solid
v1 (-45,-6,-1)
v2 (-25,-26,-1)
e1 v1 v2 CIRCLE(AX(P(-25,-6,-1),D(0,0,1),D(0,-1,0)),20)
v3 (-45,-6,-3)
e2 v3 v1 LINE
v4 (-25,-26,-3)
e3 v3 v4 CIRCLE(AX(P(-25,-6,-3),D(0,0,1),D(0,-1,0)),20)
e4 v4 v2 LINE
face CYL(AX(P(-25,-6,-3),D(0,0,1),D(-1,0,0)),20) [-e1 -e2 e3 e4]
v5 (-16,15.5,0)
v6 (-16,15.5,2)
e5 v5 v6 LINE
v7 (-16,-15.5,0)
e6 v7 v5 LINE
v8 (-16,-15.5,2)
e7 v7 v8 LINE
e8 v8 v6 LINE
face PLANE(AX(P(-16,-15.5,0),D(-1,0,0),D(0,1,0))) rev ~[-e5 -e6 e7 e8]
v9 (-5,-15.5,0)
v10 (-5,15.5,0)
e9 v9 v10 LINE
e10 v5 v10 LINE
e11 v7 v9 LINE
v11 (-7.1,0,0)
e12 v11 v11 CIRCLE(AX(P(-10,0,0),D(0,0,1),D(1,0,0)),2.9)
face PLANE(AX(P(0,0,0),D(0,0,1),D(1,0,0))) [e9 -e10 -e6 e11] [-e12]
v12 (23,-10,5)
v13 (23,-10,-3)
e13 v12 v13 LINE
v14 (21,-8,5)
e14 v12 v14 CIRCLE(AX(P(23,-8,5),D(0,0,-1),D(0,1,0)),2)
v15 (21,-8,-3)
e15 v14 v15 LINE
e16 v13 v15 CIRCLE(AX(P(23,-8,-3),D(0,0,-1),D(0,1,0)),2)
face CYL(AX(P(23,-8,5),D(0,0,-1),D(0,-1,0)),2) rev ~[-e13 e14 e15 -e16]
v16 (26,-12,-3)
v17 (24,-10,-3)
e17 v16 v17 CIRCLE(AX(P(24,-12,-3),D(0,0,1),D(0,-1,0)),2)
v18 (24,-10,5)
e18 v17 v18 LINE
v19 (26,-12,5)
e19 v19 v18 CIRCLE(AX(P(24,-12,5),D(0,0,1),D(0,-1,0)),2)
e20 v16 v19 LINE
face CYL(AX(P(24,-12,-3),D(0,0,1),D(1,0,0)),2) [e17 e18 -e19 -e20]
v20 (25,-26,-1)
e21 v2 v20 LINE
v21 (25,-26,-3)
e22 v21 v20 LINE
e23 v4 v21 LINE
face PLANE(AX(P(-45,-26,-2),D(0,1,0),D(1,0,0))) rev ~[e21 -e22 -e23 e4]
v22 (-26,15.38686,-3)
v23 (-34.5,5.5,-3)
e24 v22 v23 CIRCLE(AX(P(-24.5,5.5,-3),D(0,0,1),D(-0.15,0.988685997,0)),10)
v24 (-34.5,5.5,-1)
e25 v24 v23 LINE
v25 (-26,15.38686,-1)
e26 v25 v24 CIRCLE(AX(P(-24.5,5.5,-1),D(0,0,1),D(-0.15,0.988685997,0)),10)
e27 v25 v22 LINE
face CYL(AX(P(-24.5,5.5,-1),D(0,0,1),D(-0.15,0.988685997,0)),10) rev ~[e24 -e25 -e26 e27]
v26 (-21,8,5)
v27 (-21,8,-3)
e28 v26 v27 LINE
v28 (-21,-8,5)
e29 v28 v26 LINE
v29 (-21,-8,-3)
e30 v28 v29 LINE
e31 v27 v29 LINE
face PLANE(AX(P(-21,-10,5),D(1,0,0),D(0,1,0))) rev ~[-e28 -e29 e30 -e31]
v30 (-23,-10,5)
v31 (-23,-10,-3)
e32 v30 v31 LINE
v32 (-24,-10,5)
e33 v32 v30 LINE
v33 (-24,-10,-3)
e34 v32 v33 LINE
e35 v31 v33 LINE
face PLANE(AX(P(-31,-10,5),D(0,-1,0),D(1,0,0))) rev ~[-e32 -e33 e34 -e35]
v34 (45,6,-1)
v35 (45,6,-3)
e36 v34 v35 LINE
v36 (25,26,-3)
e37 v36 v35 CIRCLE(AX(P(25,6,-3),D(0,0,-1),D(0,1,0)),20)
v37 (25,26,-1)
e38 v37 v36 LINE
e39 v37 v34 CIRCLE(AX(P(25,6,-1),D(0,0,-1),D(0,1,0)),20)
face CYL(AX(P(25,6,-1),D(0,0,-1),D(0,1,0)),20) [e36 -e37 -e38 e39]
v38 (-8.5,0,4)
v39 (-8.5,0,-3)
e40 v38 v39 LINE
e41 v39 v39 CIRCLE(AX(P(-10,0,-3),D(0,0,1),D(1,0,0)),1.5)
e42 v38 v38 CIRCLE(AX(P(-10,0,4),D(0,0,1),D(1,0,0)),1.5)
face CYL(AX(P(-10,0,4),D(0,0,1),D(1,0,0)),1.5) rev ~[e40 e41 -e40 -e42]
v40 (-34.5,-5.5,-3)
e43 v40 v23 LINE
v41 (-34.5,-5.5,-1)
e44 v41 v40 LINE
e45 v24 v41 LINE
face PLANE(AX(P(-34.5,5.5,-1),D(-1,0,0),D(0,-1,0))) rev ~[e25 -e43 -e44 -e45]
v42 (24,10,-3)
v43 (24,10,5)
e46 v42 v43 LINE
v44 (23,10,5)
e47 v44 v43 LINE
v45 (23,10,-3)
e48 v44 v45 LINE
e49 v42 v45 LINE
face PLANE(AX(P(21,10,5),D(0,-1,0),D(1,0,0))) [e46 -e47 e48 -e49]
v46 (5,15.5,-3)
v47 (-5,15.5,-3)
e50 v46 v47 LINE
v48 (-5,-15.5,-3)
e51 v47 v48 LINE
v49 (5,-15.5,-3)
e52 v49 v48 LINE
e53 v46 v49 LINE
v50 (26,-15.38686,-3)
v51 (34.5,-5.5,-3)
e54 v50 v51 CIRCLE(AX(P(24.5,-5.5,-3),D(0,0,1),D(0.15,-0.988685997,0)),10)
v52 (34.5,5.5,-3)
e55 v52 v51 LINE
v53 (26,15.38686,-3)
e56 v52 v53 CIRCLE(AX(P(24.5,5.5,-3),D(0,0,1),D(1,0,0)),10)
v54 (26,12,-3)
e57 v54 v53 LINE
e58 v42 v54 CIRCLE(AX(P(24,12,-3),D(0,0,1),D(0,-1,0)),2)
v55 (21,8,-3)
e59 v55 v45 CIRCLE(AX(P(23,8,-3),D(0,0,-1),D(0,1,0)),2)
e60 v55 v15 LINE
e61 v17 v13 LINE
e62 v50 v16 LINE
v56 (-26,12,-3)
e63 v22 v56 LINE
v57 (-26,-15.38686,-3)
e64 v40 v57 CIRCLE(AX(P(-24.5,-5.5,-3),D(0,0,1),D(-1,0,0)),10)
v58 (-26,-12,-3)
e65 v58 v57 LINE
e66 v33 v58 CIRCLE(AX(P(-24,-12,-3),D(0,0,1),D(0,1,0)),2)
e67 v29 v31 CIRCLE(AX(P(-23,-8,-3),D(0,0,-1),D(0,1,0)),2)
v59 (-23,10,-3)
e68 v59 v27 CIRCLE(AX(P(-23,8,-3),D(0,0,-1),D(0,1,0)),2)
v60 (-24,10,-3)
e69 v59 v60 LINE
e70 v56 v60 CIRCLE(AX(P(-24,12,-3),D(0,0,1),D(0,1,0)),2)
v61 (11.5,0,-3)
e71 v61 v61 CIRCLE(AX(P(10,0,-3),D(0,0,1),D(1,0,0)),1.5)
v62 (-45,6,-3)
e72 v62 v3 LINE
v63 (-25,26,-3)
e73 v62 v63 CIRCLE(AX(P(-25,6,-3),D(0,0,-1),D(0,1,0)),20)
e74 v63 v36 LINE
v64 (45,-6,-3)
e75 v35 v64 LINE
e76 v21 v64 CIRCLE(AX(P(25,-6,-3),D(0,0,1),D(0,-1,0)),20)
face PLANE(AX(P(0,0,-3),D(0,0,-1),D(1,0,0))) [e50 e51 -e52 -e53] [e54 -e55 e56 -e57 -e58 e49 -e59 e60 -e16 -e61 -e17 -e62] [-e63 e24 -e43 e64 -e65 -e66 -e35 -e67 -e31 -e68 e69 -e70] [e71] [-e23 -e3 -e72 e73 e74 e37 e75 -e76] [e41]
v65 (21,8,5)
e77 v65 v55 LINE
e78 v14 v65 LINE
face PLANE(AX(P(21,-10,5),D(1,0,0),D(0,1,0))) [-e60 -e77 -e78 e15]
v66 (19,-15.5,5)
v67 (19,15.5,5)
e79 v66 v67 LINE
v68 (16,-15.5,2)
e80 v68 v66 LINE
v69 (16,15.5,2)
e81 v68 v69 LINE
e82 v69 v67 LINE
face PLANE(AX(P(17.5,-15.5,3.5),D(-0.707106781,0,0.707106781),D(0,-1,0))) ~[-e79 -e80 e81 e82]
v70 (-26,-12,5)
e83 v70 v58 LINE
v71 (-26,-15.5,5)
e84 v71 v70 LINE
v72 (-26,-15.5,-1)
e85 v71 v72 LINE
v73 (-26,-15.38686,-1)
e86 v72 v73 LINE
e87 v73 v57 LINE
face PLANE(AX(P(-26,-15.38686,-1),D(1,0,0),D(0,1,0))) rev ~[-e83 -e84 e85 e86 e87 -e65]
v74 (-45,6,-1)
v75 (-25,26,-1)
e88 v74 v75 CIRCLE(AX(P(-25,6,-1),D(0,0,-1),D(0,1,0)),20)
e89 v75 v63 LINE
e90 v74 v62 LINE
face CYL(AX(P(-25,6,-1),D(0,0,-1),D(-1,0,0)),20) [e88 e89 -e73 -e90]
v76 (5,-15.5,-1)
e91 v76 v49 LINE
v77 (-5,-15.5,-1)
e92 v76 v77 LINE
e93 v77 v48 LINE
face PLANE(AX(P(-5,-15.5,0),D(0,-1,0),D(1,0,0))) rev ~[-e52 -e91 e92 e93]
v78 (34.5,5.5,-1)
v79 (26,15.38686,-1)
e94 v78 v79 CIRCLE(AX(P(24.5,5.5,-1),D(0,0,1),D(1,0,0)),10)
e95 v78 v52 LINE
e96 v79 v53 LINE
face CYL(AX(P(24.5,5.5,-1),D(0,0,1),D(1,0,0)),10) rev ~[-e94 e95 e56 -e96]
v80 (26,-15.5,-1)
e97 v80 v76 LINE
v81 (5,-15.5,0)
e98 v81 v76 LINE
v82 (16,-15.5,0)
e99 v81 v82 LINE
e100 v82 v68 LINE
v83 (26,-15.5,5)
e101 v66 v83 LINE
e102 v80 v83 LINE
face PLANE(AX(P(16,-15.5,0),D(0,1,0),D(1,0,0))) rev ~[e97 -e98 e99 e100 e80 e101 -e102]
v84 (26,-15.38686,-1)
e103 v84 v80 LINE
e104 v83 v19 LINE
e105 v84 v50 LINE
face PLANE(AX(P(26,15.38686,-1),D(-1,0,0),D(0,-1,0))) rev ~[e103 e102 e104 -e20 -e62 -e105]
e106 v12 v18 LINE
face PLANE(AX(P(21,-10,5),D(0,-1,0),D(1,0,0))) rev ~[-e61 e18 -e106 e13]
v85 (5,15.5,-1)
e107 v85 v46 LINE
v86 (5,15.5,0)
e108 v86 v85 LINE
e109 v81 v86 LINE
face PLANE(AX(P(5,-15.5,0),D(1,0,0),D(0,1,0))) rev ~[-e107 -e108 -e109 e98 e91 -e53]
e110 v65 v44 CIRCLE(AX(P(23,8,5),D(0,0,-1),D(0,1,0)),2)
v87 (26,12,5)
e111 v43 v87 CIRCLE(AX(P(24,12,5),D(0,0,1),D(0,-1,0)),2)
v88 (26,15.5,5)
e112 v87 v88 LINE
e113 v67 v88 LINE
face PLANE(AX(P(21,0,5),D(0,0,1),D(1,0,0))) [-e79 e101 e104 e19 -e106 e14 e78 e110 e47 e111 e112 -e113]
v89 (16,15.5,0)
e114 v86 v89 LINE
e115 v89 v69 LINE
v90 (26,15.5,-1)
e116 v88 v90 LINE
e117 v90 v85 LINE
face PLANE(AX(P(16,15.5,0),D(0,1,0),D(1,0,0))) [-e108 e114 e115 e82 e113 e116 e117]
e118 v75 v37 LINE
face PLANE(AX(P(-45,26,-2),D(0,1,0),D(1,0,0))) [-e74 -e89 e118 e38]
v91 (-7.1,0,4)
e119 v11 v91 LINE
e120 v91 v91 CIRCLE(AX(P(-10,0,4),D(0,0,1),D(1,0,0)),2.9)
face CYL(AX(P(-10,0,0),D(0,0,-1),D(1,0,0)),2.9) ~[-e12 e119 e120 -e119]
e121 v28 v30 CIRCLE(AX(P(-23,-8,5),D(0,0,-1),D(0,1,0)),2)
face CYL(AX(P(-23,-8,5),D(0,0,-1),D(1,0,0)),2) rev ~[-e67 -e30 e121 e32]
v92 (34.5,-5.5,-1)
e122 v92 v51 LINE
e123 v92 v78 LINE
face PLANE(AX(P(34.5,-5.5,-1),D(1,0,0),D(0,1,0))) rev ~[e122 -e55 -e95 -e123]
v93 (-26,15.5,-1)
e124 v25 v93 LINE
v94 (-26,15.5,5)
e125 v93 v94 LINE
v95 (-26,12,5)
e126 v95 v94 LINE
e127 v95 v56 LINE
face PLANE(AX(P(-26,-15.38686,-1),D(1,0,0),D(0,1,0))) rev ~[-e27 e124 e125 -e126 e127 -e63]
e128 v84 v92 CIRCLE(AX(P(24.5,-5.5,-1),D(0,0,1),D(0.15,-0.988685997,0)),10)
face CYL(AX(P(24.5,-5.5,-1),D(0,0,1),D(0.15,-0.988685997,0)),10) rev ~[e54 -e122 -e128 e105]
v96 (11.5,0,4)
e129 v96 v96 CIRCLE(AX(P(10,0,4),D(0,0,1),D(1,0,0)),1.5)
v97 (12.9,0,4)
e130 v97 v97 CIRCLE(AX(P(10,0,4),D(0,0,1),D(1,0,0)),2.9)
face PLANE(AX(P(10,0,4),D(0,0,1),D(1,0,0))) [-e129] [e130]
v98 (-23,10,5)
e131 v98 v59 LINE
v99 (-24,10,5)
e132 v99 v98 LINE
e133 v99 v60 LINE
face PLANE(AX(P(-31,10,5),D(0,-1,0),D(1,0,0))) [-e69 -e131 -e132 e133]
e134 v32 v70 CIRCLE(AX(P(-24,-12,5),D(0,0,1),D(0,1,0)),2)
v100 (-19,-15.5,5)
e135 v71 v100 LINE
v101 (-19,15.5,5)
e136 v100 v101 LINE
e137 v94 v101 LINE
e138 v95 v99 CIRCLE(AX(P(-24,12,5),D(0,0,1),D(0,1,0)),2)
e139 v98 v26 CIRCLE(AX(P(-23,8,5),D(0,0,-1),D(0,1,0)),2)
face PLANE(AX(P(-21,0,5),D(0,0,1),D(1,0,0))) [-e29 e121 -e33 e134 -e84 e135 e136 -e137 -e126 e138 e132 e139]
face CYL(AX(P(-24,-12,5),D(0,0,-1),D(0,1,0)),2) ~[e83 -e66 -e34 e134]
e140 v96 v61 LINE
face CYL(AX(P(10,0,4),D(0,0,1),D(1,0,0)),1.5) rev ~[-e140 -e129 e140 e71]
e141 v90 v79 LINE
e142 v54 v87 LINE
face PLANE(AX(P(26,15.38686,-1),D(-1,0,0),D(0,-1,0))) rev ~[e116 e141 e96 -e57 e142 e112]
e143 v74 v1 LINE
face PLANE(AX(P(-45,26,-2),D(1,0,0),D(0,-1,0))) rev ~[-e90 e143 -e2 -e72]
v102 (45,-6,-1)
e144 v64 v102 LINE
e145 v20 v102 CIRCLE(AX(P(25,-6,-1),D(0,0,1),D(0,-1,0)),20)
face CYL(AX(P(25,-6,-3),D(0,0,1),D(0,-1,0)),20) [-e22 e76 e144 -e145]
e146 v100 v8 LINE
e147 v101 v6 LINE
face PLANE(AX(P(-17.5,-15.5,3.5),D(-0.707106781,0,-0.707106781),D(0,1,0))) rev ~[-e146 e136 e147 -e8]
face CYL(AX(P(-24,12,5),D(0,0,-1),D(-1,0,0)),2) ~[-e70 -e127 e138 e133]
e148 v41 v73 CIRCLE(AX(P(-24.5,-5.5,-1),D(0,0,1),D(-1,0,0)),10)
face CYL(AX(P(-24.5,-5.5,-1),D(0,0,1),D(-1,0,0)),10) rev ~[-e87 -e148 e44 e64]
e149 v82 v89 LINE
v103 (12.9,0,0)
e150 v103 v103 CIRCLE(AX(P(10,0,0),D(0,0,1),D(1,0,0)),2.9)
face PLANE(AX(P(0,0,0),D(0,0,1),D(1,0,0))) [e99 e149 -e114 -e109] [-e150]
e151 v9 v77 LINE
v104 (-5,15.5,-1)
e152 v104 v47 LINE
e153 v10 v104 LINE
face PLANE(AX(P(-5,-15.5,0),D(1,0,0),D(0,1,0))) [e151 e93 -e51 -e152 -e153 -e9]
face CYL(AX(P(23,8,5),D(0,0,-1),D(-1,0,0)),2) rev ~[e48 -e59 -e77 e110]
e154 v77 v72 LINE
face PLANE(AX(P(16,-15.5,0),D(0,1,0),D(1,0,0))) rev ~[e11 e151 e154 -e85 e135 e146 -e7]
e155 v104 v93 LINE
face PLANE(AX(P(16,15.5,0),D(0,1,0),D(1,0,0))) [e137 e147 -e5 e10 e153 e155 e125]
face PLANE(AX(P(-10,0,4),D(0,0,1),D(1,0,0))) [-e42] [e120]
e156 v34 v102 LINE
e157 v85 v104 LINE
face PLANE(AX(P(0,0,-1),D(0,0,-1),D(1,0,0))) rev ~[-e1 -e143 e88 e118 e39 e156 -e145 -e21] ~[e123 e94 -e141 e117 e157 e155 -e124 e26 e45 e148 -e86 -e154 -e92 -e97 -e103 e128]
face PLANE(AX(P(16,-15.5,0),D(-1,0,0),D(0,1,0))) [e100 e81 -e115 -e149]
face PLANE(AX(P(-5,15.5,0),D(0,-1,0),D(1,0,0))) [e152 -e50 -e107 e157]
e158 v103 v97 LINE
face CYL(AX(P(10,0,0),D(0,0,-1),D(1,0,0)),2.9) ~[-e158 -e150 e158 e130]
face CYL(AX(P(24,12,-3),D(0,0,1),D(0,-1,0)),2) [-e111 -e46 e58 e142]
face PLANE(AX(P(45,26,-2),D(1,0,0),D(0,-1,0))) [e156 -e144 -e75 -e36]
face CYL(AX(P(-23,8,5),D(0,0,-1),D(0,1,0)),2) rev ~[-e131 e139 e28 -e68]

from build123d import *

# Parameters (mm, degrees)
F0_W          = 52
F0_H          = 31
F1_DEPTH      = 3
F2_W          = 10
F2_H          = 31
F3_DEPTH      = 5
F4_SIZE       = 3
F5_R          = 2.9
F6_DEPTH      = 4
F7_W          = 90
F7_H          = 52
F8_DEPTH      = 2
F8_DEPTH_BACK = 1
F9_DEPTH      = 1
F10_DEPTH     = 2
F11_R         = 20
F12_R         = 1.5
F13_DEPTH     = 25
F14_R         = 1.5
F15_DEPTH     = 25
F17_DEPTH     = 25
F18_W         = 10
F18_H         = 31
F19_DEPTH     = 25
F20_W         = 10
F20_H         = 20
F21_DEPTH     = 25
F22_W         = 10
F22_H         = 20
F23_DEPTH     = 25
F24_R         = 2


with BuildPart() as f1:
    # F0 (on Top) → F1 (new body)
    with BuildSketch(Plane.XY):
        Rectangle(F0_W, F0_H)
    extrude(amount=-F1_DEPTH)

    # F2 (on face) → F3 (join)
    with BuildSketch(Plane.XY):
        with Locations((21, 0)):
            Rectangle(F2_W, F2_H)
        with Locations((-21, 0)):
            Rectangle(F2_W, F2_H)
    extrude(amount=F3_DEPTH)

    # F4
    f4_edges = [f1.edges().sort_by_distance(p)[0] for p in [
        (-16, 0, 5),
        (16, 0, 5),
    ]]
    chamfer(f4_edges, length=F4_SIZE)

    # F5 (on face) → F6 (join)
    with BuildSketch(Plane.XY):
        with Locations((-10, 0)):
            Circle(F5_R)
        with Locations((10, 0)):
            Circle(F5_R)
    extrude(amount=F6_DEPTH)

    # F7 (on face) → F8 (join, two sides)
    with BuildSketch(Plane(origin=(0, 0, -3), x_dir=(1, 0, 0), z_dir=(0, 0, -1))) as f8_sk:
        Rectangle(F7_W, F7_H)
    extrude(amount=F8_DEPTH)
    extrude(f8_sk.sketch, amount=-F8_DEPTH_BACK)

    # F9 (add): a face of the model
    f9_faces = [f1.faces().sort_by_distance(p)[0] for p in [
        (43.9605770832, 0, -2),
    ]]
    extrude(f9_faces, amount=F9_DEPTH)

    # F10 (cut): a face of the model
    f10_faces = [f1.faces().sort_by_distance(p)[0] for p in [
        (0, 0, -5),
    ]]
    extrude(f10_faces, amount=-F10_DEPTH, mode=Mode.SUBTRACT)

    # F11
    f11_edges = [f1.edges().sort_by_distance(p)[0] for p in [
        (45, 26, -2),
        (-45, 26, -2),
        (-45, -26, -2),
        (45, -26, -2),
    ]]
    fillet(f11_edges, radius=F11_R)

    # F12 (on face) → F13 (cut)
    with BuildSketch(Plane.XY.offset(4)):
        with Locations((-10, 0)):
            Circle(F12_R)
    extrude(amount=-F13_DEPTH, mode=Mode.SUBTRACT)

    # F14 (on face) → F15 (cut)
    with BuildSketch(Plane.XY.offset(4)):
        with Locations((10, 0)):
            Circle(F14_R)
    extrude(amount=-F15_DEPTH, mode=Mode.SUBTRACT)

    # F16 (on face) → F17 (cut)
    with BuildSketch(Plane.XY.offset(-1)):
        with BuildLine():
            Line((26, 15.3868599666), (26, -15.3868599666))
            ThreePointArc((26, -15.3868599666), (32.0828754441, -12.0192024052), (34.5, -5.5))
            Line((34.5, -5.5), (34.5, 5.5))
            ThreePointArc((34.5, 5.5), (32.0828754441, 12.0192024052), (26, 15.3868599666))
        make_face()
        with BuildLine():
            ThreePointArc((-34.5, -5.5), (-32.0828754441, -12.0192024052), (-26, -15.3868599666))
            Line((-26, -15.3868599666), (-26, 15.3868599666))
            ThreePointArc((-26, 15.3868599666), (-32.0828754441, 12.0192024052), (-34.5, 5.5))
            Line((-34.5, 5.5), (-34.5, -5.5))
        make_face()
    extrude(amount=-F17_DEPTH, mode=Mode.SUBTRACT)

    # F18 (on face) → F19 (cut)
    with BuildSketch(Plane.XY):
        Rectangle(F18_W, F18_H)
    extrude(amount=-F19_DEPTH, mode=Mode.SUBTRACT)

    # F20 (on face) → F21 (cut)
    with BuildSketch(Plane.XY.offset(5)):
        with Locations((26, 0)):
            Rectangle(F20_W, F20_H)
    extrude(amount=-F21_DEPTH, mode=Mode.SUBTRACT)

    # F22 (on face) → F23 (cut)
    with BuildSketch(Plane.XY.offset(5)):
        with Locations((-26, 0)):
            Rectangle(F22_W, F22_H)
    extrude(amount=-F23_DEPTH, mode=Mode.SUBTRACT)

    # F24
    f24_edges = [f1.edges().sort_by_distance(p)[0] for p in [
        (21, 10, 1),
        (21, -10, 1),
        (-21, 10, 1),
        (-21, -10, 1),
        (-26, -10, 1),
        (-26, 10, 1),
        (26, 10, 1),
        (26, -10, 1),
    ]]
    fillet(f24_edges, radius=F24_R)


solid = f1.part
